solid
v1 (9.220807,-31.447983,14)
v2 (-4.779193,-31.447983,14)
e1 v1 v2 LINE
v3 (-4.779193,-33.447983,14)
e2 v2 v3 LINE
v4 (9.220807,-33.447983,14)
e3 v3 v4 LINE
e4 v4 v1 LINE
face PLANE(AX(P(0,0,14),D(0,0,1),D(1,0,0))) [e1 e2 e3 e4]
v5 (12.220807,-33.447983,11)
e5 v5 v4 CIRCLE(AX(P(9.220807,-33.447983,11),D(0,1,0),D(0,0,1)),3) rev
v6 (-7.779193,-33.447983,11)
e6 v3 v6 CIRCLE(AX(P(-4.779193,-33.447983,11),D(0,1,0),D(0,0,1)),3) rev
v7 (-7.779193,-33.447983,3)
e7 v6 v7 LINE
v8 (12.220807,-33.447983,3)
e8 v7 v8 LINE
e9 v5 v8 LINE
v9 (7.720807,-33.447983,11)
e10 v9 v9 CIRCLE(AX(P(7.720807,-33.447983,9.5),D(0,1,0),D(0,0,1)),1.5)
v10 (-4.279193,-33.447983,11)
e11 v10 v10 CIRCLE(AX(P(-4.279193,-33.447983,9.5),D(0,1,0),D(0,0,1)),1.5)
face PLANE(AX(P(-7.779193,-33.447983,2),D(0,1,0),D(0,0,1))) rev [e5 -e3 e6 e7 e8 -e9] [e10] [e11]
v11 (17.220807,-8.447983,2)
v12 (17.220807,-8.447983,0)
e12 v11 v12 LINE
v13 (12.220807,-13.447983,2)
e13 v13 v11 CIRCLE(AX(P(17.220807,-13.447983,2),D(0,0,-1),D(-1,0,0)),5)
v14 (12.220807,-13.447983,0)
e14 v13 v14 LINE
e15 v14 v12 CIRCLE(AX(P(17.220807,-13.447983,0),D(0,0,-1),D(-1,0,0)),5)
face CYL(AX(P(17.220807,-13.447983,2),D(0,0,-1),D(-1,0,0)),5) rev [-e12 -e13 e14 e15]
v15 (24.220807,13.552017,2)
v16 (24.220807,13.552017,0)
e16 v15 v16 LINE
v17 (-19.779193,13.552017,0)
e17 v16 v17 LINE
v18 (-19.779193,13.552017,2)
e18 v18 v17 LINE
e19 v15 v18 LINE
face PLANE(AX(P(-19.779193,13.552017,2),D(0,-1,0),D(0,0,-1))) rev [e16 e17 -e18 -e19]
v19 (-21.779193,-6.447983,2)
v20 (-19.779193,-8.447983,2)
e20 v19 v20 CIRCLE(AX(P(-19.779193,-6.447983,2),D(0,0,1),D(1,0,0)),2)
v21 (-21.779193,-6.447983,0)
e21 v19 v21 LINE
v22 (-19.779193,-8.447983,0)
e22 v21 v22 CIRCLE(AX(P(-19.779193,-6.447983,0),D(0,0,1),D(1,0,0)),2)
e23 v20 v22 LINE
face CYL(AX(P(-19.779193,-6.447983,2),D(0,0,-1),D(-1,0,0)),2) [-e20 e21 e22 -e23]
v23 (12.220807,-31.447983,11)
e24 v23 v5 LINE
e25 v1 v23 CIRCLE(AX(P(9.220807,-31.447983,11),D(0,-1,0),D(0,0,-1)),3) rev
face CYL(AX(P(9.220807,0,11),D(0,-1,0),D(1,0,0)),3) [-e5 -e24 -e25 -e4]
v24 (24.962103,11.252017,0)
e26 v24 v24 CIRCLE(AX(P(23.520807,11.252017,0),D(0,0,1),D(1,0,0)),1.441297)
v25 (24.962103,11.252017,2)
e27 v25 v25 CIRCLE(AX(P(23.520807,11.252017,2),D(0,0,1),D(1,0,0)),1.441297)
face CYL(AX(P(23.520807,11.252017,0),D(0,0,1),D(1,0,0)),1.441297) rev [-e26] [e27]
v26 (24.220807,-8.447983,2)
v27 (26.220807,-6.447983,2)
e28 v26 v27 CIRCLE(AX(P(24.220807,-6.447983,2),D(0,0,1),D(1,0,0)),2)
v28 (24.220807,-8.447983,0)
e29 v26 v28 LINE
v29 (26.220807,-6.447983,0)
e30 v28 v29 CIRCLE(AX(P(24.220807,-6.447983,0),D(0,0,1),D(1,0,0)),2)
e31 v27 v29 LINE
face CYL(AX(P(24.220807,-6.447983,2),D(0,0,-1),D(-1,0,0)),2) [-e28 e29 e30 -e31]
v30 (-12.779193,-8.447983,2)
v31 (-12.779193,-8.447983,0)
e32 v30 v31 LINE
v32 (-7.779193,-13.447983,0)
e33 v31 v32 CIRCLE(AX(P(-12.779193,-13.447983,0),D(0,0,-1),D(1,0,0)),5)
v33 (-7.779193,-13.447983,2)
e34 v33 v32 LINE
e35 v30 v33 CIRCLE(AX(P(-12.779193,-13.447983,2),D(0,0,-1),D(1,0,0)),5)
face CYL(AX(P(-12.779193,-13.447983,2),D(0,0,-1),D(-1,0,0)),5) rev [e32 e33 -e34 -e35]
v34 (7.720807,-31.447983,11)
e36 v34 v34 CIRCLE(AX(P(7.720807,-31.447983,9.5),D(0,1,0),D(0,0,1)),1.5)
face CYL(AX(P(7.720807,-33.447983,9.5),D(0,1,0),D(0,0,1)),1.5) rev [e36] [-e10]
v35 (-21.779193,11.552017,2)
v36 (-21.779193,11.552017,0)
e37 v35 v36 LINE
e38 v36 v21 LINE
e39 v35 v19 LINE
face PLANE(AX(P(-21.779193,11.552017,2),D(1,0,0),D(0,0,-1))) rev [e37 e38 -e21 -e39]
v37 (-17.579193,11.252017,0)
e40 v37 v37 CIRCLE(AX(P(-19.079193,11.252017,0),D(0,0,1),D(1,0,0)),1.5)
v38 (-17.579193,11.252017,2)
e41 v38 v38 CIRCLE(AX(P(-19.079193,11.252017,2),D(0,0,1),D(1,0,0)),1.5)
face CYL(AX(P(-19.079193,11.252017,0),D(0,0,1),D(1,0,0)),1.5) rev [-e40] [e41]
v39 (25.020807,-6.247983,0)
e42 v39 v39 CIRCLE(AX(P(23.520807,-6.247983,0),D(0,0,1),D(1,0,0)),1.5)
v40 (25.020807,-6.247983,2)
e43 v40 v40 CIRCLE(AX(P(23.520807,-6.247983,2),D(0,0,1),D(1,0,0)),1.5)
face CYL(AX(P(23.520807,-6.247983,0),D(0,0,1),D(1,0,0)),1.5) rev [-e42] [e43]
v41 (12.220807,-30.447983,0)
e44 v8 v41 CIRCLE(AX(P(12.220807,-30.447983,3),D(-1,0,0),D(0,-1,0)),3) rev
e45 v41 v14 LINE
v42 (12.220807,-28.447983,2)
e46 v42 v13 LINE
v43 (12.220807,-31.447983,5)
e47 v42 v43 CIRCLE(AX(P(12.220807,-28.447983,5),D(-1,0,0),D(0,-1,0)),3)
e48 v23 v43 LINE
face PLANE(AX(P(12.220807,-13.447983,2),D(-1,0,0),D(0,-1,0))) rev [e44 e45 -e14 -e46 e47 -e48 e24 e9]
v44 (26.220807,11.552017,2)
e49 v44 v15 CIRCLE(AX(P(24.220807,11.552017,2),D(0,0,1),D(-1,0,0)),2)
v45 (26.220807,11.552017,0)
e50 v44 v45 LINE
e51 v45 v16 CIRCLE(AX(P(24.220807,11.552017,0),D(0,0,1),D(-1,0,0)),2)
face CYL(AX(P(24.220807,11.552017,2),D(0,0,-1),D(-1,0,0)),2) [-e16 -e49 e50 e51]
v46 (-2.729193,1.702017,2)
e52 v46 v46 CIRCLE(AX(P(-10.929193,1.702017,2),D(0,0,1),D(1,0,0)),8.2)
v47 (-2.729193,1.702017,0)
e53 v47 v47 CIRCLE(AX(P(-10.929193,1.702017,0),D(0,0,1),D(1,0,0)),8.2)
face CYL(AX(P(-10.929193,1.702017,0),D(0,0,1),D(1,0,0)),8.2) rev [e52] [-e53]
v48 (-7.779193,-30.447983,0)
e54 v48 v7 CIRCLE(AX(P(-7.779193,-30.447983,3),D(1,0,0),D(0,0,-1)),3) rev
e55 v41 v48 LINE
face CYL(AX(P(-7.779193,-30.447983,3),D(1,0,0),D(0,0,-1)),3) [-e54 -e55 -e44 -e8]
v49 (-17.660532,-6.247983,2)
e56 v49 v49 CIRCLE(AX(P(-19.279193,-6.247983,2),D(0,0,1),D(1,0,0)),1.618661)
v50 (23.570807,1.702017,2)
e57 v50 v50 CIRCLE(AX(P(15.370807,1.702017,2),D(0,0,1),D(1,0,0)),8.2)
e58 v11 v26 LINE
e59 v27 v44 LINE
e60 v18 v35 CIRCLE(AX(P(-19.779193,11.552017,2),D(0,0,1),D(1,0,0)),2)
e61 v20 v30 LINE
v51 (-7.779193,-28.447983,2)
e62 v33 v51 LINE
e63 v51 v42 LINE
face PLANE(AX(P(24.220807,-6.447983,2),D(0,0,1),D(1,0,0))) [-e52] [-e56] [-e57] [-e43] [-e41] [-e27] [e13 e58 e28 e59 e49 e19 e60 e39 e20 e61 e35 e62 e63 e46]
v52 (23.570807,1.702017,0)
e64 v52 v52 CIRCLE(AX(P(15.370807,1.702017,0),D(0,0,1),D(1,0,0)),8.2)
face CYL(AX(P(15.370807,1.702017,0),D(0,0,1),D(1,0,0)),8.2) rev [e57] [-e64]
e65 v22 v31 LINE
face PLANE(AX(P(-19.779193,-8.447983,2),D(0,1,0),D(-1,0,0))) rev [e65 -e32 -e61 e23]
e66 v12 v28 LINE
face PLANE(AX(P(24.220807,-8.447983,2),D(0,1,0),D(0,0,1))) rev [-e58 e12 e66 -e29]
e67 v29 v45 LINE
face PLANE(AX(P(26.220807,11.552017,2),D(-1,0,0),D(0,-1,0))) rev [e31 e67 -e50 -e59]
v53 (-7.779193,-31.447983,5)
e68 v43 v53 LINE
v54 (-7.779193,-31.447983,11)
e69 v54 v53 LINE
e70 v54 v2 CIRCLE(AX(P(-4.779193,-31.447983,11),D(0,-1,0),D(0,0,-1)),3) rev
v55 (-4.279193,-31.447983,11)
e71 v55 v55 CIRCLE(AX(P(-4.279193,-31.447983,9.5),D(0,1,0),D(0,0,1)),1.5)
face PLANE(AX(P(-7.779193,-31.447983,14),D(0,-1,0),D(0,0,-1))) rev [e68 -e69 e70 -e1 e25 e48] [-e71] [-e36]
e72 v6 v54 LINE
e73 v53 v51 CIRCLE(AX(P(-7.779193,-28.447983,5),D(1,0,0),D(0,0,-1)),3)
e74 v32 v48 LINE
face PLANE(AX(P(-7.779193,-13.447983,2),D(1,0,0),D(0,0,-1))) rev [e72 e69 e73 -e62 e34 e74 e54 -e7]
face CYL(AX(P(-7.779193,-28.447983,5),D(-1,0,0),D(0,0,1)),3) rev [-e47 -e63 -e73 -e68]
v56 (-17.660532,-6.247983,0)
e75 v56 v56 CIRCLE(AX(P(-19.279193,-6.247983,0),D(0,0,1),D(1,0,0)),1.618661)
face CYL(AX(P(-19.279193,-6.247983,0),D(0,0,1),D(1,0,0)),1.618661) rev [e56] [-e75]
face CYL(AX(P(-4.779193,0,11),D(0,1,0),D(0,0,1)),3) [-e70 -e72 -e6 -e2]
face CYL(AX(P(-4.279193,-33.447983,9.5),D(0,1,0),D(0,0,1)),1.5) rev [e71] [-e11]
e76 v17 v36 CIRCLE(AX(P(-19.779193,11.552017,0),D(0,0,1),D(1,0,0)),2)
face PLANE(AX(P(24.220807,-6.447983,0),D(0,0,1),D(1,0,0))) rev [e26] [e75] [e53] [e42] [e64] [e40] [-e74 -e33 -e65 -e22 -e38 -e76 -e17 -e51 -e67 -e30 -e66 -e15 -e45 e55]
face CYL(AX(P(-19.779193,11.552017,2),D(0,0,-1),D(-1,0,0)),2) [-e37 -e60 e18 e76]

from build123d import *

# Parameters (mm, degrees)
BOSS_EXTRUDE1_DEPTH = 2
SKETCH3_R           = 8.2
CUT_EXTRUDE2_DEPTH  = 43.547600128
SKETCH4_R           = 1.5
SKETCH4_R_2         = 1.618660888
SKETCH4_R_3         = 1.441296675
CUT_EXTRUDE3_DEPTH  = 43.547600128
SKETCH6_W           = 20
SKETCH6_H           = 2
BOSS_EXTRUDE2_DEPTH = 12
FILLET1_R           = 3
FILLET2_R           = 3
SKETCH7_R           = 1.5
CUT_EXTRUDE4_DEPTH  = 54.930795553
FILLET3_R           = 3


with BuildPart() as part:
    # Sketch1 → Boss-Extrude1 (new body)
    with BuildSketch(Plane.XY):
        with BuildLine():
            Line((-19.779193206, 13.552016985), (24.220806794, 13.552016985))
            ThreePointArc((24.220806794, 13.552016985), (25.635020356, 12.966230548), (26.220806794, 11.552016985))
            Line((26.220806794, 11.552016985), (26.220806794, -6.447983015))
            ThreePointArc((26.220806794, -6.447983015), (25.635020356, -7.862196577), (24.220806794, -8.447983015))
            Line((24.220806794, -8.447983015), (17.220806794, -8.447983015))
            ThreePointArc((17.220806794, -8.447983015), (13.685272888, -9.912449109), (12.220806794, -13.447983015))
            Line((12.220806794, -13.447983015), (12.220806794, -33.447983015))
            Line((12.220806794, -33.447983015), (-7.779193206, -33.447983015))
            Line((-7.779193206, -33.447983015), (-7.779193206, -13.447983015))
            ThreePointArc((-7.779193206, -13.447983015), (-9.2436593, -9.912449109), (-12.779193206, -8.447983015))
            Line((-12.779193206, -8.447983015), (-19.779193206, -8.447983015))
            ThreePointArc((-19.779193206, -8.447983015), (-21.193406768, -7.862196577), (-21.779193206, -6.447983015))
            Line((-21.779193206, -6.447983015), (-21.779193206, 11.552016985))
            ThreePointArc((-21.779193206, 11.552016985), (-21.193406768, 12.966230548), (-19.779193206, 13.552016985))
        make_face()
    extrude(amount=BOSS_EXTRUDE1_DEPTH)

    # Sketch3 → Cut-Extrude2 (cut, through all)
    with BuildSketch(Plane.XY.offset(2)):
        with Locations((-10.929193206, 1.702016985)):
            Circle(SKETCH3_R)
        with Locations((15.370806794, 1.702016985)):
            Circle(SKETCH3_R)
    extrude(amount=-CUT_EXTRUDE2_DEPTH, mode=Mode.SUBTRACT)

    # Sketch4 → Cut-Extrude3 (cut, through all)
    with BuildSketch(Plane.XY.offset(2)):
        with Locations((-19.079193206, 11.252016985)):
            Circle(SKETCH4_R)
        with Locations((-19.279193206, -6.247983015)):
            Circle(SKETCH4_R_2)
        with Locations((23.520806794, 11.252016985)):
            Circle(SKETCH4_R_3)
        with Locations((23.520806794, -6.247983015)):
            Circle(SKETCH4_R)
    extrude(amount=-CUT_EXTRUDE3_DEPTH, mode=Mode.SUBTRACT)

    # Sketch6 → Boss-Extrude2 (add)
    with BuildSketch(Plane.XY.offset(2)):
        with Locations((2.220806794, -32.447983015)):
            Rectangle(SKETCH6_W, SKETCH6_H)
    extrude(amount=BOSS_EXTRUDE2_DEPTH)

    # Fillet1
    fillet1_edges = [part.edges().sort_by_distance(p)[0] for p in [
        (2.220806794, -33.447983015, 0),
    ]]
    fillet(fillet1_edges, radius=FILLET1_R)

    # Fillet2
    fillet2_edges = [part.edges().sort_by_distance(p)[0] for p in [
        (2.220806794, -31.447983015, 2),
    ]]
    fillet(fillet2_edges, radius=FILLET2_R)

    # Sketch7 → Cut-Extrude4 (cut, through all)
    with BuildSketch(Plane(origin=(0, -31.447983015, 0), x_dir=(1, 0, 0), z_dir=(0, 1, 0))):
        with Locations(Location((-4.279193206, -9.5, 0), (0, 0, 270))):
            Circle(SKETCH7_R)
        with Locations(Location((7.720806794, -9.5, 0), (0, 0, 270))):
            Circle(SKETCH7_R)
    extrude(amount=-CUT_EXTRUDE4_DEPTH, mode=Mode.SUBTRACT)

    # Fillet3
    fillet3_edges = [part.edges().sort_by_distance(p)[0] for p in [
        (-7.779193206, -32.447983015, 14),
        (12.220806794, -32.447983015, 14),
    ]]
    fillet(fillet3_edges, radius=FILLET3_R)


solid = part.part
